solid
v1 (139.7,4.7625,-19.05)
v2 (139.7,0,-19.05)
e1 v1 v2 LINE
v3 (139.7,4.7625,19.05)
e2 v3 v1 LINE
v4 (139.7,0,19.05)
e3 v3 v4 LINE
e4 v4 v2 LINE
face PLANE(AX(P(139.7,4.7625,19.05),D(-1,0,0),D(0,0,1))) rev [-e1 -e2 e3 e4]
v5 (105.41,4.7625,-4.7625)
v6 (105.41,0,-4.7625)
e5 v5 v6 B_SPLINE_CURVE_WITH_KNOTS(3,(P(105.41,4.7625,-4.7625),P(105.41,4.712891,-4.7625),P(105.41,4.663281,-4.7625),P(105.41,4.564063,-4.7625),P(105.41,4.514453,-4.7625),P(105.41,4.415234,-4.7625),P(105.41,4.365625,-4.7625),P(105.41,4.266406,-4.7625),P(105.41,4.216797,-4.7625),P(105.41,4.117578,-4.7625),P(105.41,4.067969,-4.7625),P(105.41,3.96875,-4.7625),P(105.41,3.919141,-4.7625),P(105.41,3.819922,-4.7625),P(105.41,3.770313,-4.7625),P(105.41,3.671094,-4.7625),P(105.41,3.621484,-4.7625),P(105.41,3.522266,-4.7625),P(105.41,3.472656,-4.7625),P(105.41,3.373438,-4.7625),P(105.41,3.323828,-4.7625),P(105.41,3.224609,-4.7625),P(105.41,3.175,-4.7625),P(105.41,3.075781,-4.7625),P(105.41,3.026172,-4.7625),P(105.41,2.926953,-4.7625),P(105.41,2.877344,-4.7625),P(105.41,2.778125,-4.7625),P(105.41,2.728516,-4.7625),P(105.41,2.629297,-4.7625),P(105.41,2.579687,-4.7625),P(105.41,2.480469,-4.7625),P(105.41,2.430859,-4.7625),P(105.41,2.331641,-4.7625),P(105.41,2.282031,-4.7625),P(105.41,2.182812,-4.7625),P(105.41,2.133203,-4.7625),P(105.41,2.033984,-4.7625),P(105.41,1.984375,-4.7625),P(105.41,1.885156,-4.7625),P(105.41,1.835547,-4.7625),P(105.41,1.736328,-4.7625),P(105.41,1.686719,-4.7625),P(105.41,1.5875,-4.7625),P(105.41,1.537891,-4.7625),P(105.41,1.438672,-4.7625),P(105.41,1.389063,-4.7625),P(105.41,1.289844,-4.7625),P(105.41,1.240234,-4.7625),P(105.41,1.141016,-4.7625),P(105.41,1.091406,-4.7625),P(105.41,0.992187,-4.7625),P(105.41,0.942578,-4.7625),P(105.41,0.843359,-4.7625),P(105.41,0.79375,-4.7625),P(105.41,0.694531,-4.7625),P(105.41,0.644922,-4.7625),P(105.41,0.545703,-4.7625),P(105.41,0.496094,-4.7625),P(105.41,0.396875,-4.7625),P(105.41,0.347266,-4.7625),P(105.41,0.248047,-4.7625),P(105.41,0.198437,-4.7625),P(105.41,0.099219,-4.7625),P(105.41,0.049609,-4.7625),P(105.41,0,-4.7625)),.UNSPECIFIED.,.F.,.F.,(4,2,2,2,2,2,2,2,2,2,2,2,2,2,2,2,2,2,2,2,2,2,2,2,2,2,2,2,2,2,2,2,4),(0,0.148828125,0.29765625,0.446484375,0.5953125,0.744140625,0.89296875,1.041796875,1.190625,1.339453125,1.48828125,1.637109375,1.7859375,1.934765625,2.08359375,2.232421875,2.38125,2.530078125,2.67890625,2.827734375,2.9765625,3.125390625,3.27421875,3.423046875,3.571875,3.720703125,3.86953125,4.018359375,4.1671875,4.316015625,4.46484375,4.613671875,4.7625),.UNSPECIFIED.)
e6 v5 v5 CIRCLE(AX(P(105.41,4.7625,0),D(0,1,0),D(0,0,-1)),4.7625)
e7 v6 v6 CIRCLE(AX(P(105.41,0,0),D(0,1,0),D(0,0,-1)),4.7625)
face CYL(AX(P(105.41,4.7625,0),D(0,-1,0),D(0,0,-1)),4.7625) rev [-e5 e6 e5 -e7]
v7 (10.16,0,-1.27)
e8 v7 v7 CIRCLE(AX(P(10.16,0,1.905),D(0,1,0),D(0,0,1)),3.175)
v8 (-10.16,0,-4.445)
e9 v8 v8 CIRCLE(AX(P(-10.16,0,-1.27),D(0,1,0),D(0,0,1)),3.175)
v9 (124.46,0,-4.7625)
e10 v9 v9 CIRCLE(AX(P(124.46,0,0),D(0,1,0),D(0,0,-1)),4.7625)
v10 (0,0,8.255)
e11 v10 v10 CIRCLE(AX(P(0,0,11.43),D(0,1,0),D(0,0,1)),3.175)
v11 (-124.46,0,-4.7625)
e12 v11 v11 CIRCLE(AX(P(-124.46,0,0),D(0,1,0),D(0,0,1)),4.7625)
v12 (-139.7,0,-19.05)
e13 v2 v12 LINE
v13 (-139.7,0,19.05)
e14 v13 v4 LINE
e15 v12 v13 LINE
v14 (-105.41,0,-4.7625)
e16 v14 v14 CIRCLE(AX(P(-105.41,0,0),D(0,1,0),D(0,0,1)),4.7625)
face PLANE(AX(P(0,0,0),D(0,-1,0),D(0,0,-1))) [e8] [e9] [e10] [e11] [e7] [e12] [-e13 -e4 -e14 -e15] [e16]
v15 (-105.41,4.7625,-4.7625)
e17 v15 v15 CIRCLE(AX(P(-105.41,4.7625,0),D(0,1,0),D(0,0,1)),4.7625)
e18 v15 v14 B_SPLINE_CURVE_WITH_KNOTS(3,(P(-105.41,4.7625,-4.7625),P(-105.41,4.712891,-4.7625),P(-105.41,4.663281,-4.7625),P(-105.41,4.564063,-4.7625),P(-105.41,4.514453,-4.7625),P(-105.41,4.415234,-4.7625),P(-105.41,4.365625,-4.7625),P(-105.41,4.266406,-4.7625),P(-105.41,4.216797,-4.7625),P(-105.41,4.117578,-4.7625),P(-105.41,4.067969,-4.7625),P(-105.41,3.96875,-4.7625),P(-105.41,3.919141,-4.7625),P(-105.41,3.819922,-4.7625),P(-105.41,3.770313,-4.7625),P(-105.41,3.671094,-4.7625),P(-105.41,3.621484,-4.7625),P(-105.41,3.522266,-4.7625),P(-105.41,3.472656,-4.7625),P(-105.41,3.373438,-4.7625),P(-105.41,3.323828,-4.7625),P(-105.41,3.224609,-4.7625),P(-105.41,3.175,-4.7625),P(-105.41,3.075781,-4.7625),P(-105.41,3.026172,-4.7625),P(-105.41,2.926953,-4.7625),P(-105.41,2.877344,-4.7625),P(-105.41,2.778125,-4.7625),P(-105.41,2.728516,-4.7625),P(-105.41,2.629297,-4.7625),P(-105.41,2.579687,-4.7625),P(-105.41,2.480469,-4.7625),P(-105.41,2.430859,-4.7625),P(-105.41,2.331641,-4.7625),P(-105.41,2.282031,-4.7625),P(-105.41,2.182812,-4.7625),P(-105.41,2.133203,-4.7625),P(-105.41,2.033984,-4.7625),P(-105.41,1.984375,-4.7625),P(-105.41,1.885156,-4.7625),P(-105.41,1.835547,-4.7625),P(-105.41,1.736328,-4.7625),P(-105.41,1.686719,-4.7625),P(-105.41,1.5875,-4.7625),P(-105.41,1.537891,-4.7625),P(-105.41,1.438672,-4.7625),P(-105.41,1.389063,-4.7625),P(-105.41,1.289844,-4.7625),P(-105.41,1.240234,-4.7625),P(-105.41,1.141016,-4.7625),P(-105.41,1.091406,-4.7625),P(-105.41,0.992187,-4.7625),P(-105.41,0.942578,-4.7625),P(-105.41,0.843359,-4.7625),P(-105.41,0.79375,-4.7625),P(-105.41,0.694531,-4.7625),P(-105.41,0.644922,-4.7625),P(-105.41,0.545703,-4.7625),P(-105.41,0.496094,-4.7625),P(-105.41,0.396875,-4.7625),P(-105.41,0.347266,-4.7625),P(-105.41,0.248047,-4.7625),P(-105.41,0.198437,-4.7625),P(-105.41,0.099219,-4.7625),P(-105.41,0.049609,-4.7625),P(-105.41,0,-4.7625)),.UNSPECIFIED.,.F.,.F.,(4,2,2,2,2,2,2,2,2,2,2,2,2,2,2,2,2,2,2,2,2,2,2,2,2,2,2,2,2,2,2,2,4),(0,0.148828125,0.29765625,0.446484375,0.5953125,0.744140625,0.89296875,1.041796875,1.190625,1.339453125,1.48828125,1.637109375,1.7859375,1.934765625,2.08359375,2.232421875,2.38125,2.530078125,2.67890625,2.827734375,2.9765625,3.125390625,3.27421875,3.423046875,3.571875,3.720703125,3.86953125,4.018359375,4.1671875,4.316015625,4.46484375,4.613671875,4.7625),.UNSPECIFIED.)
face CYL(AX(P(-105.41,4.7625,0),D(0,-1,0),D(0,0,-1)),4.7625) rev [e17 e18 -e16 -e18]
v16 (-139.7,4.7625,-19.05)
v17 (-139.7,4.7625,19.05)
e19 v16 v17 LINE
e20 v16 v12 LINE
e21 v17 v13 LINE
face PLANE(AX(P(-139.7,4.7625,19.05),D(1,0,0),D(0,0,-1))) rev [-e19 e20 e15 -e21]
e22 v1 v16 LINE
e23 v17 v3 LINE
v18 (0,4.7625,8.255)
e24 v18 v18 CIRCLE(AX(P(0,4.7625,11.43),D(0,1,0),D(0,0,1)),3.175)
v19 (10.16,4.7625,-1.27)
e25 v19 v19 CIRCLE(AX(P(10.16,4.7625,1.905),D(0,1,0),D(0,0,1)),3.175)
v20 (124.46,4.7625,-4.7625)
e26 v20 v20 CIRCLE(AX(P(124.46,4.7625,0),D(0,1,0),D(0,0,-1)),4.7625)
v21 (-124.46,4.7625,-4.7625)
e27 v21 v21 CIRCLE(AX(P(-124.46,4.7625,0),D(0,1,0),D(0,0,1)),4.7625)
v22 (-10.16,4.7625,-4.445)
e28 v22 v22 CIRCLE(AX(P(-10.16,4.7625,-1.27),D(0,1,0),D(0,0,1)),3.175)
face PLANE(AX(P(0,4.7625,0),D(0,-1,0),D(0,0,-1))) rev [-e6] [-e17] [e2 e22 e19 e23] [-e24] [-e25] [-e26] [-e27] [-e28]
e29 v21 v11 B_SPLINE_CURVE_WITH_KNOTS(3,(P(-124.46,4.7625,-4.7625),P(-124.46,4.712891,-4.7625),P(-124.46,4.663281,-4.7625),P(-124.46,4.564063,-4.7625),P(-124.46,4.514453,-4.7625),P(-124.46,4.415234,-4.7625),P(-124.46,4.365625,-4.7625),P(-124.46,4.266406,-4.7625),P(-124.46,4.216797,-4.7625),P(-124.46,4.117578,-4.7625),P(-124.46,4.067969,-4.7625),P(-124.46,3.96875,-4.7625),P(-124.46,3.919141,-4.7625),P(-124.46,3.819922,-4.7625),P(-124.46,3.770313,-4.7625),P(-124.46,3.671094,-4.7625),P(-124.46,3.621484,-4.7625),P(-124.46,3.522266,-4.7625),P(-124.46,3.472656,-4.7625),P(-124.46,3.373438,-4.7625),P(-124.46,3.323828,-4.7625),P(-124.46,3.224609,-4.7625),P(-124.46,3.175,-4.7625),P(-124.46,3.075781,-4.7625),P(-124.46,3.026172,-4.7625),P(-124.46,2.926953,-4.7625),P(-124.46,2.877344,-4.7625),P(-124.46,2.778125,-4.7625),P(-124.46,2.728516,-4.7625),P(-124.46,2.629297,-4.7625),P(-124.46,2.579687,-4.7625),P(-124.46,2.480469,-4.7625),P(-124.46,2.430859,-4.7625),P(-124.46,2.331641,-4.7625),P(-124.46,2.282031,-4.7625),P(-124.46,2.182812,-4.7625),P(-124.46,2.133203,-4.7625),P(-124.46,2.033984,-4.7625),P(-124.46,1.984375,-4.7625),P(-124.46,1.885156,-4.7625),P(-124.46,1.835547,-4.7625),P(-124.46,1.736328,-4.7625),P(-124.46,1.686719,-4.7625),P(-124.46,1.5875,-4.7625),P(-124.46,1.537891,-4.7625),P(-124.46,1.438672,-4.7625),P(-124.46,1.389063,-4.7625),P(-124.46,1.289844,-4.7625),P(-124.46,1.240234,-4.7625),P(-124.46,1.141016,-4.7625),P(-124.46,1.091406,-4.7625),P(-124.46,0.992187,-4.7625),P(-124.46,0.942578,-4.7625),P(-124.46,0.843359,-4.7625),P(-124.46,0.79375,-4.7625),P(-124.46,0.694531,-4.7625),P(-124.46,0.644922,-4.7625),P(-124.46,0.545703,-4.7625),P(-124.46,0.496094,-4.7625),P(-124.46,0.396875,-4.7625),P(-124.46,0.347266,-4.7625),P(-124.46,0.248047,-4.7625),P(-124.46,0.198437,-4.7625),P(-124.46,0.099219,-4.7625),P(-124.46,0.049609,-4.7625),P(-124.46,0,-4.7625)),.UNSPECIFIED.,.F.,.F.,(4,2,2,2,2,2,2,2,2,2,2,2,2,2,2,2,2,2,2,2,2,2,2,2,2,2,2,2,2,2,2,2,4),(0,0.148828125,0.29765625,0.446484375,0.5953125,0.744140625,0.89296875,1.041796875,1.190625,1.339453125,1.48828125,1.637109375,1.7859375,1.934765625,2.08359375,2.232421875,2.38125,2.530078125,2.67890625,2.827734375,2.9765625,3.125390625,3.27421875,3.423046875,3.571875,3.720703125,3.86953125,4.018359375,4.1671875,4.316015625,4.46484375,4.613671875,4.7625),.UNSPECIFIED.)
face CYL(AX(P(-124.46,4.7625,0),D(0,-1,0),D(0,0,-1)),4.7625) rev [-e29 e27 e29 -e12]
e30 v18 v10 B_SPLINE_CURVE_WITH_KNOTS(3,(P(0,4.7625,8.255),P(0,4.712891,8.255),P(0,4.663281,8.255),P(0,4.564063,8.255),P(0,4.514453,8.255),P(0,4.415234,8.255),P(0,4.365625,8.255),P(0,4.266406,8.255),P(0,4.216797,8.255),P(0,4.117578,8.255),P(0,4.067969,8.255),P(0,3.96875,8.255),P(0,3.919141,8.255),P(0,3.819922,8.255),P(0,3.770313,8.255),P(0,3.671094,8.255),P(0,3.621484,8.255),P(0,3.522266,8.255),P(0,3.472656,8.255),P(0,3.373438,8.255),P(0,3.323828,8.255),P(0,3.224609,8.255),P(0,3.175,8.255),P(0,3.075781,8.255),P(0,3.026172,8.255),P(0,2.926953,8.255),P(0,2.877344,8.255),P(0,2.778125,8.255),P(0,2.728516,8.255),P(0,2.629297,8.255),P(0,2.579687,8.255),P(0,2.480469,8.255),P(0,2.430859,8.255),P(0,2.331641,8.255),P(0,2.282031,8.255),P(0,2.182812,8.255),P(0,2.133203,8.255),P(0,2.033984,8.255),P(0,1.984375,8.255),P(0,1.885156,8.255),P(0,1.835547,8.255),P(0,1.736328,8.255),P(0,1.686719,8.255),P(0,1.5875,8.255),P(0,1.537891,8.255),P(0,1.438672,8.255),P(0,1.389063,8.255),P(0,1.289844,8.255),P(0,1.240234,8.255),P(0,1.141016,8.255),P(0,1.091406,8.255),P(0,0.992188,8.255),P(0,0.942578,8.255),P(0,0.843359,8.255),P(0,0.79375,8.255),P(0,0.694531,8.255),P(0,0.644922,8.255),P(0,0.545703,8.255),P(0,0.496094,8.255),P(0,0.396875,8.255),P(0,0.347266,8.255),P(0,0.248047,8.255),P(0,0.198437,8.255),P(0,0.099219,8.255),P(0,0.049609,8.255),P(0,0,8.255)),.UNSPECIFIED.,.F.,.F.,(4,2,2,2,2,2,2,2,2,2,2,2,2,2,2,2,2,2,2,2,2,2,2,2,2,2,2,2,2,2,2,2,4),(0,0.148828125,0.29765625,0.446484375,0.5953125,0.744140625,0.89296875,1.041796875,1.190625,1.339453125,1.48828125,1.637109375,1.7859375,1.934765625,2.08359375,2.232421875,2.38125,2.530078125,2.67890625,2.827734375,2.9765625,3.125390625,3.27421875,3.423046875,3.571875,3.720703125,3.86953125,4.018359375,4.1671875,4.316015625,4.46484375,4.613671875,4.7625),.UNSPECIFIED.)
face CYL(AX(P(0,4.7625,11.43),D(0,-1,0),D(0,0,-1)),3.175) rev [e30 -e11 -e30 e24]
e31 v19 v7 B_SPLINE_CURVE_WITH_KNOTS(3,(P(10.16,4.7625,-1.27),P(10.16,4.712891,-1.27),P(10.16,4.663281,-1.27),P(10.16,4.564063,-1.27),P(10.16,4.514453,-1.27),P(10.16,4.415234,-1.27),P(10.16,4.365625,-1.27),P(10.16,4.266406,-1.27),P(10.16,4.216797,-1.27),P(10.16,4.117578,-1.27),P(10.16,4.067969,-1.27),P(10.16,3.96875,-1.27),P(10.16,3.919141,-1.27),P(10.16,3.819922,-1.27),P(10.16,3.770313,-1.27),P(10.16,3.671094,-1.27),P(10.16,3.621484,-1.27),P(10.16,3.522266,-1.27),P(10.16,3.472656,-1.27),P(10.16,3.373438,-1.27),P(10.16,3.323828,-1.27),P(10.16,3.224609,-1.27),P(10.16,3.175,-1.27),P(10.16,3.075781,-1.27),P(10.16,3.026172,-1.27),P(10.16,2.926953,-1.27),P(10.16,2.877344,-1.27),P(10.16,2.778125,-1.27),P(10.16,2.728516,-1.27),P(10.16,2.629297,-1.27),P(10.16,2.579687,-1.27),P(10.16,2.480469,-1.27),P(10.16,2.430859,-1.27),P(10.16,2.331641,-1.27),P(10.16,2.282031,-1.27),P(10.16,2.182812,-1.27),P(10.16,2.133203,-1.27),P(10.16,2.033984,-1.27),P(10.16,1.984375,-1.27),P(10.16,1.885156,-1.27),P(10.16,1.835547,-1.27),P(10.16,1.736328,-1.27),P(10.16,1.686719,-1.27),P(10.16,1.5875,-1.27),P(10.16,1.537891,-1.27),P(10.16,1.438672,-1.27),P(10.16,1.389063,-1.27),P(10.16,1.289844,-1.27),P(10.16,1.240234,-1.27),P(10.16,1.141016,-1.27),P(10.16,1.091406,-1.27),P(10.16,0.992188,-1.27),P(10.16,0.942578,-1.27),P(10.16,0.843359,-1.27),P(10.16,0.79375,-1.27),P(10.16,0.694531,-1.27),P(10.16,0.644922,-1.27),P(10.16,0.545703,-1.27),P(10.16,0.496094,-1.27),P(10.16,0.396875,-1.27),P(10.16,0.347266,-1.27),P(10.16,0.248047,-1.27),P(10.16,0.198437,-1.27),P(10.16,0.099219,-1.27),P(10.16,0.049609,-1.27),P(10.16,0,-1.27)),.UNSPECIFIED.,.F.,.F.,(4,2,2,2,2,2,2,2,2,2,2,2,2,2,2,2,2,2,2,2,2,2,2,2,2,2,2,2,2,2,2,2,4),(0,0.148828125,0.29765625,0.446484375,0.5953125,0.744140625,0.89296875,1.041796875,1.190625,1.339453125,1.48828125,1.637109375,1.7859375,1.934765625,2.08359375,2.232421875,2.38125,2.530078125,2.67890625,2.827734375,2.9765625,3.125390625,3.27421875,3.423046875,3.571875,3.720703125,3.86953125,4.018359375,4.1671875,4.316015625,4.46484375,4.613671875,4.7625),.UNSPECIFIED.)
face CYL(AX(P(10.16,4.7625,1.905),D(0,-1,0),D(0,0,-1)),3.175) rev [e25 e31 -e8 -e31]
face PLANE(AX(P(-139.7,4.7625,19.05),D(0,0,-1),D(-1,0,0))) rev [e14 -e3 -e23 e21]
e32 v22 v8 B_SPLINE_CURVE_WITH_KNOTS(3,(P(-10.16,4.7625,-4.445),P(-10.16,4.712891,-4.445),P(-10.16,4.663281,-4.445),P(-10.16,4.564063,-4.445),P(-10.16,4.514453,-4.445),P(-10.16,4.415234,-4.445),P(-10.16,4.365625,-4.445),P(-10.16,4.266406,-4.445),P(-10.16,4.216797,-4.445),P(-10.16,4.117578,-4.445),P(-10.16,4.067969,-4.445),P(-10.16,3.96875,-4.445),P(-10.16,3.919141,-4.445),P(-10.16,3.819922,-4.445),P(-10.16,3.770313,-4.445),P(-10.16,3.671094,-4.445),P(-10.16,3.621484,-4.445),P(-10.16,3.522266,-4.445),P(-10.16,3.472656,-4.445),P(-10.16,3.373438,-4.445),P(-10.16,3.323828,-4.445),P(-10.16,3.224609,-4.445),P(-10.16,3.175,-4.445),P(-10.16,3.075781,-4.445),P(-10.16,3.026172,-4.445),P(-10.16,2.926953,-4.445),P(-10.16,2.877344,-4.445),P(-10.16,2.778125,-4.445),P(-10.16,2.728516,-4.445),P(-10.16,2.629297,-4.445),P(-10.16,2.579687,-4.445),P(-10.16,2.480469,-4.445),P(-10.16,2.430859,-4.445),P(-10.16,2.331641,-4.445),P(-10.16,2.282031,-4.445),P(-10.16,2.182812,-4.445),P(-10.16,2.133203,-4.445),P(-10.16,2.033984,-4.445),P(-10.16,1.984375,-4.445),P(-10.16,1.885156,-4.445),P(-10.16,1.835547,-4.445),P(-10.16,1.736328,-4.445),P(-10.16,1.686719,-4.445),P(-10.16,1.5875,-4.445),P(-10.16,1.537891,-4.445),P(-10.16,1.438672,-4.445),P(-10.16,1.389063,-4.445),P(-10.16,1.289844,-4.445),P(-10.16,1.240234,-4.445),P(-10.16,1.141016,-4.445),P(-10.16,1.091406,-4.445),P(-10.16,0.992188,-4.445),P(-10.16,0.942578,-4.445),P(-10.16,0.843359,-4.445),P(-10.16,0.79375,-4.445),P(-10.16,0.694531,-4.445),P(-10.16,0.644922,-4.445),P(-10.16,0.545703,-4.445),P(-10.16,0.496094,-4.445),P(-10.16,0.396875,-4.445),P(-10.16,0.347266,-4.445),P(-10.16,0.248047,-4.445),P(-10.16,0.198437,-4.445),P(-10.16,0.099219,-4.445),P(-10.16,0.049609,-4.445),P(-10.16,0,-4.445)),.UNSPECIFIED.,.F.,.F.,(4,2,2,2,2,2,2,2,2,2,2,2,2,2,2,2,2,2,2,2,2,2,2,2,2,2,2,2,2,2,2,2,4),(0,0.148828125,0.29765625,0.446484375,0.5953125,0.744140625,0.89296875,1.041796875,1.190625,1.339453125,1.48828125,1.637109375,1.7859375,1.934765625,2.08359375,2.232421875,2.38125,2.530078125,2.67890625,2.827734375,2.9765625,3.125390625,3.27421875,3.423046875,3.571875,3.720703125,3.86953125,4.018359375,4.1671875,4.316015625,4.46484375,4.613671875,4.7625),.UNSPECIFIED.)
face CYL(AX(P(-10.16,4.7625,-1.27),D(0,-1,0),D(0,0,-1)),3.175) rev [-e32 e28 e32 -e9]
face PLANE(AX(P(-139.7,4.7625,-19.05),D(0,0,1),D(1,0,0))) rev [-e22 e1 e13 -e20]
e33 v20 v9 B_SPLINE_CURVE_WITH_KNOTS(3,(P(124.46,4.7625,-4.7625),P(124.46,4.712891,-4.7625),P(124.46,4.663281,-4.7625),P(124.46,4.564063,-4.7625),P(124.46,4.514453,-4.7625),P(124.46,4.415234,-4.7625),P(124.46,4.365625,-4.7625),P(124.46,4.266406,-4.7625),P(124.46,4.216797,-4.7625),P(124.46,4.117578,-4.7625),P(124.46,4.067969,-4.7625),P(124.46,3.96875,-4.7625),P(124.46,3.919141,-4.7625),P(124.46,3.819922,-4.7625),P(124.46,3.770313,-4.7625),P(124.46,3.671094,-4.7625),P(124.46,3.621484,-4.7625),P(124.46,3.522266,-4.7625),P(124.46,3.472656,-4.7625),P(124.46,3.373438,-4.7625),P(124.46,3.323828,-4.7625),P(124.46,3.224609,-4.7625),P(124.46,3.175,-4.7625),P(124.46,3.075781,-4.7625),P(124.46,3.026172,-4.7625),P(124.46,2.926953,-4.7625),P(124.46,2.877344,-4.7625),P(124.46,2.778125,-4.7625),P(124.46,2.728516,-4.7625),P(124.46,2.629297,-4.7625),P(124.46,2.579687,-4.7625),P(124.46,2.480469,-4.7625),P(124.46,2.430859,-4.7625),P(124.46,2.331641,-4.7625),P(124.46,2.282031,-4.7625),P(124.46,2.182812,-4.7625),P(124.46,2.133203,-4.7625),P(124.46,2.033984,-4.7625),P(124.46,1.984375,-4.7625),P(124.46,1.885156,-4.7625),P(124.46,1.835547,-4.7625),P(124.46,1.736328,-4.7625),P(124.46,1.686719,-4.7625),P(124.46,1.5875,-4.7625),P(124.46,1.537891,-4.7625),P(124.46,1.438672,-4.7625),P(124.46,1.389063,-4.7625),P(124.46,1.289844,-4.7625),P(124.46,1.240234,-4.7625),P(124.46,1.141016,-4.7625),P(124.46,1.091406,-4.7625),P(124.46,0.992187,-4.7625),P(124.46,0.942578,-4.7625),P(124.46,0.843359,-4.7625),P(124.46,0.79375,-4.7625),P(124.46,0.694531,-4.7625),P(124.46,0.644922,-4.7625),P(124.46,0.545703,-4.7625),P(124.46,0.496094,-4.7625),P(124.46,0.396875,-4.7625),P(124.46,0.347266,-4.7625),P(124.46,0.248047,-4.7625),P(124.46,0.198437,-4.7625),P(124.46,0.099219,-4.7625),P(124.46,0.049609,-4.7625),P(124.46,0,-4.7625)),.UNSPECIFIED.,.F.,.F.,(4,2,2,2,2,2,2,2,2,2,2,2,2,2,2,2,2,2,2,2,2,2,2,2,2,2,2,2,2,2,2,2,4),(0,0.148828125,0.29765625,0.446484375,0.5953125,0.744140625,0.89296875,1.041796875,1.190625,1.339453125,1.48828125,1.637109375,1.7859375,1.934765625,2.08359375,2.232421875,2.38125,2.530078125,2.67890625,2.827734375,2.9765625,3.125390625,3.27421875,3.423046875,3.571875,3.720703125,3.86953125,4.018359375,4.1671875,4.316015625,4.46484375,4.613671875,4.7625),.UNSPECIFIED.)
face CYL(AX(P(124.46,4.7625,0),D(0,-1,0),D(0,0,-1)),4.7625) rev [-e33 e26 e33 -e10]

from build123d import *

# Parameters (mm, degrees)
SKETCH2_W           = 279.4
SKETCH2_H           = 38.1
SKETCH2_R           = 4.7625
SKETCH2_R_2         = 3.175
BOSS_EXTRUDE1_DEPTH = 4.7625


with BuildPart() as part:
    # Sketch2 → Boss-Extrude1 (new body)
    with BuildSketch(Plane(origin=(0, 0, 0), x_dir=(1, 0, 0), z_dir=(0, 1, 0))):
        Rectangle(SKETCH2_W, SKETCH2_H)
        with Locations(Location((-124.46, 0, 0), (0, 0, 90))):
            Circle(SKETCH2_R, mode=Mode.SUBTRACT)
        with Locations(Location((-105.41, 0, 0), (0, 0, 90))):
            Circle(SKETCH2_R, mode=Mode.SUBTRACT)
        with Locations(Location((124.46, 0, 0), (0, 0, 90))):
            Circle(SKETCH2_R, mode=Mode.SUBTRACT)
        with Locations(Location((105.41, 0, 0), (0, 0, 90))):
            Circle(SKETCH2_R, mode=Mode.SUBTRACT)
        with Locations(Location((0, -11.43, 0), (0, 0, 90))):
            Circle(SKETCH2_R_2, mode=Mode.SUBTRACT)
        with Locations(Location((-10.16, 1.27, 0), (0, 0, 90))):
            Circle(SKETCH2_R_2, mode=Mode.SUBTRACT)
        with Locations(Location((10.16, -1.905, 0), (0, 0, 90))):
            Circle(SKETCH2_R_2, mode=Mode.SUBTRACT)
    extrude(amount=BOSS_EXTRUDE1_DEPTH)


solid = part.part
